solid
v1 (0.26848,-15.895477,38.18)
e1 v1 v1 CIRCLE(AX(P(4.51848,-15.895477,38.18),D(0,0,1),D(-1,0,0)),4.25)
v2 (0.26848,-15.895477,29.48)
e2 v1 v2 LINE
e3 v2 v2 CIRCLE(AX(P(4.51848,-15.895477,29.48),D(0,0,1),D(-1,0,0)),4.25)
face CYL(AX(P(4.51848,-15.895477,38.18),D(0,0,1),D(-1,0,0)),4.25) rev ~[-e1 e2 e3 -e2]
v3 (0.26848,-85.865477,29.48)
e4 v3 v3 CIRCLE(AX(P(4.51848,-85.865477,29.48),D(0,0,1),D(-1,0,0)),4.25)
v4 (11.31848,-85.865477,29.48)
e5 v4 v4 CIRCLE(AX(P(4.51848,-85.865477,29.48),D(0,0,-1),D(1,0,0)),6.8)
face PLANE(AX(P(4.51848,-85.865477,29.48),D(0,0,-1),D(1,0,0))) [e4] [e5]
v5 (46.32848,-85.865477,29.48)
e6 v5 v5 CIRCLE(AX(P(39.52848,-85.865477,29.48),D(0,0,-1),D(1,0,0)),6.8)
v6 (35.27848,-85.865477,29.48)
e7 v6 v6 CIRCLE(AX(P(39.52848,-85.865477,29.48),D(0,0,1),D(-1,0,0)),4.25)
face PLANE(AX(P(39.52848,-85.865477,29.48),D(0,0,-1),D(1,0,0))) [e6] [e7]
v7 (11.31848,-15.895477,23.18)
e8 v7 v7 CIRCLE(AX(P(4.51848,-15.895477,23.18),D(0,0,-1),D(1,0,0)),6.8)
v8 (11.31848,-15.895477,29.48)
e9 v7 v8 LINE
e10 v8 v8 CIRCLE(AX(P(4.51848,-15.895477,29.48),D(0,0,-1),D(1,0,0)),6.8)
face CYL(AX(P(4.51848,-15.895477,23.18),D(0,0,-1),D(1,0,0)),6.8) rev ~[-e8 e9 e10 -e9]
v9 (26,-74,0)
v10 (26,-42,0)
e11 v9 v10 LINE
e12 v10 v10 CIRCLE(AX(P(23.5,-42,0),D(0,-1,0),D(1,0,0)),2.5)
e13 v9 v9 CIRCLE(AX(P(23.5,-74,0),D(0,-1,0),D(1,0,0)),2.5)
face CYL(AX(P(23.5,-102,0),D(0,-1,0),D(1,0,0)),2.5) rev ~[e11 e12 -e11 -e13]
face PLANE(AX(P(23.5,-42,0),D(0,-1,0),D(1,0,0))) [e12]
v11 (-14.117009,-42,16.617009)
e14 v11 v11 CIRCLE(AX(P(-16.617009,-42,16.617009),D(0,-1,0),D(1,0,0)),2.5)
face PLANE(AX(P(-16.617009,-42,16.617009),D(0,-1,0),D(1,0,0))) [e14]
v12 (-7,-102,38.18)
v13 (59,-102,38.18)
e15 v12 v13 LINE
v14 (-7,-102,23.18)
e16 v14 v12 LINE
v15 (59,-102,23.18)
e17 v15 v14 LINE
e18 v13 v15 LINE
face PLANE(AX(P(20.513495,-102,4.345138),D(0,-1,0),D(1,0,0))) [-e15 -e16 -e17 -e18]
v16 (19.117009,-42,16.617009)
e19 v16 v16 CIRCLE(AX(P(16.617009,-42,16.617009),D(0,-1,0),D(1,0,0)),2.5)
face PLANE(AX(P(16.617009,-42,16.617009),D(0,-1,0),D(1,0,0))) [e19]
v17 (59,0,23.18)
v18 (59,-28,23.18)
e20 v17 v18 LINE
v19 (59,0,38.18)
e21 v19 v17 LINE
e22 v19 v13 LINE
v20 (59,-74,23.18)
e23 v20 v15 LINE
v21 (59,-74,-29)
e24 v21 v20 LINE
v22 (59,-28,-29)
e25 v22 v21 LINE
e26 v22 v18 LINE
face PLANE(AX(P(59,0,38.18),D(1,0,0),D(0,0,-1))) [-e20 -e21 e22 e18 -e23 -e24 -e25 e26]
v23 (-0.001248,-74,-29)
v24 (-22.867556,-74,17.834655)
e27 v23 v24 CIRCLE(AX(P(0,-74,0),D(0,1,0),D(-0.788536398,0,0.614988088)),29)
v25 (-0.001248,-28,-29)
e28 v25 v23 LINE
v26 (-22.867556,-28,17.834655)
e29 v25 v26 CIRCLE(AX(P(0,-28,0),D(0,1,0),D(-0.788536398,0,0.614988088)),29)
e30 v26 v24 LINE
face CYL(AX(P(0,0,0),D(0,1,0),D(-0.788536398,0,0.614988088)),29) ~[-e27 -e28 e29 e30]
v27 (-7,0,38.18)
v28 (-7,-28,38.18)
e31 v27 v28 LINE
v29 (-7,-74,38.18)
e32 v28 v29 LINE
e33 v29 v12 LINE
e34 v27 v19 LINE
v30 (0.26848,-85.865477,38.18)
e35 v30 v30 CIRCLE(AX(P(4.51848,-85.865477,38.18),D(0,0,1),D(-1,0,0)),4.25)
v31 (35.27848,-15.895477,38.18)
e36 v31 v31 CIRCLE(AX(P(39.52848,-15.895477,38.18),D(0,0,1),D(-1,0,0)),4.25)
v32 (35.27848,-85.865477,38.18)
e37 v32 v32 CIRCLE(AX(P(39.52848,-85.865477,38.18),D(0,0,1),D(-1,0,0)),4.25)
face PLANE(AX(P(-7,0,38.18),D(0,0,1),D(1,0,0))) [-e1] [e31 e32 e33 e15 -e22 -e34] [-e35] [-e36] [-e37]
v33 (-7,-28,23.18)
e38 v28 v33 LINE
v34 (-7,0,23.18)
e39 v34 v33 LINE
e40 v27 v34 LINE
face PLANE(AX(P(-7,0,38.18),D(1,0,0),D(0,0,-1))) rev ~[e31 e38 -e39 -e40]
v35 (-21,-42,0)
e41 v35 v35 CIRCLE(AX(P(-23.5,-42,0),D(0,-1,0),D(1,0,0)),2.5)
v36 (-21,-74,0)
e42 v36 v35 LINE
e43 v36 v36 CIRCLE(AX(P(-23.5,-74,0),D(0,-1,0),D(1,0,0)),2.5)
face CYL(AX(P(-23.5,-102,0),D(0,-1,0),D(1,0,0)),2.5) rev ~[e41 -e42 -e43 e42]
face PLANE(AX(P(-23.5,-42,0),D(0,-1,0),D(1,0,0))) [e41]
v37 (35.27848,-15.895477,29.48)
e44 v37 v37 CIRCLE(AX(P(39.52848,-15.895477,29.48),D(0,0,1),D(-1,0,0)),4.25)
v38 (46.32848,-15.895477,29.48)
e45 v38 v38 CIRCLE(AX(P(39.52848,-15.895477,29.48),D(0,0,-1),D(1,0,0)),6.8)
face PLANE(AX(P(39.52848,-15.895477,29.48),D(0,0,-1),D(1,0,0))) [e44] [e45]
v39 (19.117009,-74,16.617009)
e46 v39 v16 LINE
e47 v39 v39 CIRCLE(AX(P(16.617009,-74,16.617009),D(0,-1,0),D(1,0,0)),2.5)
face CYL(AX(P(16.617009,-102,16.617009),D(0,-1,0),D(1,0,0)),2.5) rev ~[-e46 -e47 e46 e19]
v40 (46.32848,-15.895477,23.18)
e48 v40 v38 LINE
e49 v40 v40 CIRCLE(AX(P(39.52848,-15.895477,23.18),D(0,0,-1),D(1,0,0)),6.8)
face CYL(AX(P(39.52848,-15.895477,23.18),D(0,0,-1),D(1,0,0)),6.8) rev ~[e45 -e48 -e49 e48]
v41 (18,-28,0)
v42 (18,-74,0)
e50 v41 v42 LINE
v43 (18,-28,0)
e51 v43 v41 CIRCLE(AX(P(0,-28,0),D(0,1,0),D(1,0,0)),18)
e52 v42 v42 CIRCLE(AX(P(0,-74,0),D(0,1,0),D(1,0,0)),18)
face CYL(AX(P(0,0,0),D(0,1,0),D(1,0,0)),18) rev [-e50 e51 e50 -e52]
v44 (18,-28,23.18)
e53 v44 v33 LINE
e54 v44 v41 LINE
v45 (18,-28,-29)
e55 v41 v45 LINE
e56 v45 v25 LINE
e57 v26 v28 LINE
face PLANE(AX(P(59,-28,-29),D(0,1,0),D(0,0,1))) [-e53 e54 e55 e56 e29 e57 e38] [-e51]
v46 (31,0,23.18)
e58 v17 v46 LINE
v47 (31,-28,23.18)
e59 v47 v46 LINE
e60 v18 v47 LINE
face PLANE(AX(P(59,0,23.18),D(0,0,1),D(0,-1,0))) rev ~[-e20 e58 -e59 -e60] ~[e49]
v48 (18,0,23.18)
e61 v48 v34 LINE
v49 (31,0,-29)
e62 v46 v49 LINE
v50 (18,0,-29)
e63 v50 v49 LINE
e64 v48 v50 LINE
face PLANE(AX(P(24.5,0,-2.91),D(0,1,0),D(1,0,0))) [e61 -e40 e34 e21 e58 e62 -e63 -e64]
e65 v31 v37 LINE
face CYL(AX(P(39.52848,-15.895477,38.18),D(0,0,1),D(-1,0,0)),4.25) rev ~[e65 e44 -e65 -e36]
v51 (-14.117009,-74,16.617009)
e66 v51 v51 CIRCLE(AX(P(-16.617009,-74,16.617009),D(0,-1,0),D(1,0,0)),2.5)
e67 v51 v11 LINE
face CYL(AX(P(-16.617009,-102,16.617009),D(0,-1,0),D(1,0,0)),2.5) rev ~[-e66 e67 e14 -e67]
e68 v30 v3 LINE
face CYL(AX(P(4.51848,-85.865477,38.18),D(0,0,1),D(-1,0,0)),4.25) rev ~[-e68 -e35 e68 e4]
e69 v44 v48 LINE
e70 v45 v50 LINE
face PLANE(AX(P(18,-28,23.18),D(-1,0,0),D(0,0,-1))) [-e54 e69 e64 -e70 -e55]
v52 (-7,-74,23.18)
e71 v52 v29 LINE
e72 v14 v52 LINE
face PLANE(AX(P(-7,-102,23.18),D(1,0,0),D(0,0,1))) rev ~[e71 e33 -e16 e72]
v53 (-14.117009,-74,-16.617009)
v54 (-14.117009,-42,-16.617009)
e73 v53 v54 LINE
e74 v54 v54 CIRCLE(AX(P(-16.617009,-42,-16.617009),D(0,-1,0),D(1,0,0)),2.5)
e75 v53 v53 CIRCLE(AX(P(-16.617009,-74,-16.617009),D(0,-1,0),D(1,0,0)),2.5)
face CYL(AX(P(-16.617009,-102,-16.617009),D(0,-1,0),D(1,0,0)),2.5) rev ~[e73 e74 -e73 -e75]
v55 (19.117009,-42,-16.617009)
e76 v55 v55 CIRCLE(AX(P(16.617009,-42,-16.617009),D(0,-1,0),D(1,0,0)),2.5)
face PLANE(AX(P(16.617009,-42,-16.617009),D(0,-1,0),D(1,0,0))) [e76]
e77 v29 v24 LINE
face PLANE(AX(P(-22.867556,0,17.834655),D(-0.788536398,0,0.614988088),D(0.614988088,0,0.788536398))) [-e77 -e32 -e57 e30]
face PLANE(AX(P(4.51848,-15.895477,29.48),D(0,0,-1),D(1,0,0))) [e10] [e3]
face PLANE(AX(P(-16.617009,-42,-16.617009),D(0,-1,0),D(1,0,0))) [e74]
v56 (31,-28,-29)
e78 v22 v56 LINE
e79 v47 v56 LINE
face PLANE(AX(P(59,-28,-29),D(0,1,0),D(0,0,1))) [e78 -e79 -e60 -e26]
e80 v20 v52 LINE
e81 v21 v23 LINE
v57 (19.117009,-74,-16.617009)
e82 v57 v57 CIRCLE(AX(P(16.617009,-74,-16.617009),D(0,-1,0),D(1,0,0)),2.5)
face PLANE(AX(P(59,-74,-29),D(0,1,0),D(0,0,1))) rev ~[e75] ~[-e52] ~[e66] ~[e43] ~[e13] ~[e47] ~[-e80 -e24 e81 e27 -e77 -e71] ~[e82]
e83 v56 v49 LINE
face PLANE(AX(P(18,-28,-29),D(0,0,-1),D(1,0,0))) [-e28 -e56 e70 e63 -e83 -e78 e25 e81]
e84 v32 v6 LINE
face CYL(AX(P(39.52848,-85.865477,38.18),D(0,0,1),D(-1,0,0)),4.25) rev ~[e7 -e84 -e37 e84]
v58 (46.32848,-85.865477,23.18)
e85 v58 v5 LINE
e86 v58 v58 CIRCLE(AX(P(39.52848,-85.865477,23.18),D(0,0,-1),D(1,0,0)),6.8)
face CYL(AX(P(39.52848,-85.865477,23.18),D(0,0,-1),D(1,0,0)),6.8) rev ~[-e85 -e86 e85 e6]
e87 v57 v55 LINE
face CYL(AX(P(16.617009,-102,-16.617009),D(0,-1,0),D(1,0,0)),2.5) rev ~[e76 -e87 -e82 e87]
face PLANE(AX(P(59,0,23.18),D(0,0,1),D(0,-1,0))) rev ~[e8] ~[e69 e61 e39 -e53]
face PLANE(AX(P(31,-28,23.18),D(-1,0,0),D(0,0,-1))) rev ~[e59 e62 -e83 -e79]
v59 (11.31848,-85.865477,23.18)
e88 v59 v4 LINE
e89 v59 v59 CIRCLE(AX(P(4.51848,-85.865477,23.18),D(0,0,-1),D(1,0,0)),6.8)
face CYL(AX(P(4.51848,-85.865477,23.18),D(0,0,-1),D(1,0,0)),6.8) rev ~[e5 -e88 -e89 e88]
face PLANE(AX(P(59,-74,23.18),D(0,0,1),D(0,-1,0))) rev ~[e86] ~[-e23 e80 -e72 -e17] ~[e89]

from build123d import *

# Parameters (mm, degrees)
SKETCH_R        = 18
PAD_DEPTH       = 102
SKETCH001_R     = 2.5
POCKET_DEPTH    = 60
SKETCH002_W     = 52.1799999732
SKETCH002_H     = 28
POCKET001_DEPTH = 88.001
SKETCH003_R     = 4.25
POCKET002_DEPTH = 67.1809999732
SKETCH004_R     = 6.8
POCKET003_DEPTH = 6.3
SKETCH005_W     = 11.6986626704
SKETCH005_H     = 15
POCKET004_DEPTH = 28
SKETCH006_W     = 11.6986626704
SKETCH006_H     = 15
POCKET005_DEPTH = 28
SKETCH007_W     = 13
SKETCH007_H     = 52.1799999732
PAD001_DEPTH    = 28


with BuildPart() as part:
    # Sketch → Pad (new body)
    with BuildSketch(Plane.XZ):
        with BuildLine():
            ThreePointArc((-22.8675555461, 17.834654562), (-26.0598687385, -12.7233345209), (-0.0012478604, -28.9999999732))
            Line((-0.0012478604, -28.9999999732), (59, -28.9999999732))
            Line((59, 38.18), (59, -28.9999999732))
            Line((-7, 38.18), (59, 38.18))
            Line((-22.8675555461, 17.834654562), (-7, 38.18))
        make_face()
        Circle(SKETCH_R, mode=Mode.SUBTRACT)
    extrude(amount=PAD_DEPTH)

    # Sketch001 (on Face8 of Pad) → Pocket (cut)
    with BuildSketch(Plane.XZ.offset(102)):
        with Locations((-16.6170093579, 16.6170093579)):
            Circle(SKETCH001_R)
        with Locations((-23.5, 0)):
            Circle(SKETCH001_R)
        with Locations((-16.6170093579, -16.6170093579)):
            Circle(SKETCH001_R)
        with Locations((16.6170093579, -16.6170093579)):
            Circle(SKETCH001_R)
        with Locations((23.5, 0)):
            Circle(SKETCH001_R)
        with Locations((16.6170093579, 16.6170093579)):
            Circle(SKETCH001_R)
    extrude(amount=-POCKET_DEPTH, mode=Mode.SUBTRACT)

    # Sketch002 (on Face7 of Pocket) → Pocket001 (cut, through all)
    with BuildSketch(Plane(origin=(59, 0, 0), x_dir=(0, 0, 1), z_dir=(1, 0, 0))):
        with Locations((-2.9099999866, 88)):
            Rectangle(SKETCH002_W, SKETCH002_H)
        with Locations((-2.9099999866, 14)):
            Rectangle(SKETCH002_W, SKETCH002_H)
    extrude(amount=-POCKET001_DEPTH, mode=Mode.SUBTRACT)

    # Sketch003 (on Face17 of Pocket001) → Pocket002 (cut, through all)
    with BuildSketch(Plane(origin=(0, 0, 38.18), x_dir=(-1, 0, 0), z_dir=(0, 0, 1))):
        with Locations((-39.5284801247, 85.8654773551)):
            Circle(SKETCH003_R)
        with Locations((-4.5184801247, 85.8654773551)):
            Circle(SKETCH003_R)
        with Locations((-39.5284801247, 15.8954773551)):
            Circle(SKETCH003_R)
        with Locations((-4.5184801247, 15.8954773551)):
            Circle(SKETCH003_R)
    extrude(amount=-POCKET002_DEPTH, mode=Mode.SUBTRACT)

    # Sketch004 (on Face9 of Pocket002) → Pocket003 (cut)
    with BuildSketch(Plane(origin=(0, 0, 23.18), x_dir=(1, 0, 0), z_dir=(0, 0, -1))):
        with Locations((4.5184801247, 85.8654773551)):
            Circle(SKETCH004_R)
        with Locations((39.5284801247, 85.8654773551)):
            Circle(SKETCH004_R)
        with Locations((39.5284801247, 15.8954773551)):
            Circle(SKETCH004_R)
        with Locations((4.5184801247, 15.8954773551)):
            Circle(SKETCH004_R)
    extrude(amount=-POCKET003_DEPTH, mode=Mode.SUBTRACT)

    # Sketch005 (on Face18 of Pocket003) → Pocket004 (cut)
    with BuildSketch(Plane.XZ.offset(102)):
        with Locations((-12.8493313352, 30.68)):
            Rectangle(SKETCH005_W, SKETCH005_H)
    extrude(amount=-POCKET004_DEPTH, mode=Mode.SUBTRACT)

    # Sketch006 (on Face17 of Pocket004) → Pocket005 (cut)
    with BuildSketch(Plane(origin=(0, 0, 0), x_dir=(1, 0, 0), z_dir=(0, 1, 0))):
        with Locations((-12.8493313352, -30.68)):
            Rectangle(SKETCH006_W, SKETCH006_H)
    extrude(amount=-POCKET005_DEPTH, mode=Mode.SUBTRACT)

    # Sketch007 (on Face2 of Pocket005) → Pad001 (join)
    with BuildSketch(Plane(origin=(0, -28, 0), x_dir=(1, 0, 0), z_dir=(0, 1, 0))):
        with Locations((24.5, 2.9099999866)):
            Rectangle(SKETCH007_W, SKETCH007_H)
    extrude(amount=PAD001_DEPTH)


solid = part.part
